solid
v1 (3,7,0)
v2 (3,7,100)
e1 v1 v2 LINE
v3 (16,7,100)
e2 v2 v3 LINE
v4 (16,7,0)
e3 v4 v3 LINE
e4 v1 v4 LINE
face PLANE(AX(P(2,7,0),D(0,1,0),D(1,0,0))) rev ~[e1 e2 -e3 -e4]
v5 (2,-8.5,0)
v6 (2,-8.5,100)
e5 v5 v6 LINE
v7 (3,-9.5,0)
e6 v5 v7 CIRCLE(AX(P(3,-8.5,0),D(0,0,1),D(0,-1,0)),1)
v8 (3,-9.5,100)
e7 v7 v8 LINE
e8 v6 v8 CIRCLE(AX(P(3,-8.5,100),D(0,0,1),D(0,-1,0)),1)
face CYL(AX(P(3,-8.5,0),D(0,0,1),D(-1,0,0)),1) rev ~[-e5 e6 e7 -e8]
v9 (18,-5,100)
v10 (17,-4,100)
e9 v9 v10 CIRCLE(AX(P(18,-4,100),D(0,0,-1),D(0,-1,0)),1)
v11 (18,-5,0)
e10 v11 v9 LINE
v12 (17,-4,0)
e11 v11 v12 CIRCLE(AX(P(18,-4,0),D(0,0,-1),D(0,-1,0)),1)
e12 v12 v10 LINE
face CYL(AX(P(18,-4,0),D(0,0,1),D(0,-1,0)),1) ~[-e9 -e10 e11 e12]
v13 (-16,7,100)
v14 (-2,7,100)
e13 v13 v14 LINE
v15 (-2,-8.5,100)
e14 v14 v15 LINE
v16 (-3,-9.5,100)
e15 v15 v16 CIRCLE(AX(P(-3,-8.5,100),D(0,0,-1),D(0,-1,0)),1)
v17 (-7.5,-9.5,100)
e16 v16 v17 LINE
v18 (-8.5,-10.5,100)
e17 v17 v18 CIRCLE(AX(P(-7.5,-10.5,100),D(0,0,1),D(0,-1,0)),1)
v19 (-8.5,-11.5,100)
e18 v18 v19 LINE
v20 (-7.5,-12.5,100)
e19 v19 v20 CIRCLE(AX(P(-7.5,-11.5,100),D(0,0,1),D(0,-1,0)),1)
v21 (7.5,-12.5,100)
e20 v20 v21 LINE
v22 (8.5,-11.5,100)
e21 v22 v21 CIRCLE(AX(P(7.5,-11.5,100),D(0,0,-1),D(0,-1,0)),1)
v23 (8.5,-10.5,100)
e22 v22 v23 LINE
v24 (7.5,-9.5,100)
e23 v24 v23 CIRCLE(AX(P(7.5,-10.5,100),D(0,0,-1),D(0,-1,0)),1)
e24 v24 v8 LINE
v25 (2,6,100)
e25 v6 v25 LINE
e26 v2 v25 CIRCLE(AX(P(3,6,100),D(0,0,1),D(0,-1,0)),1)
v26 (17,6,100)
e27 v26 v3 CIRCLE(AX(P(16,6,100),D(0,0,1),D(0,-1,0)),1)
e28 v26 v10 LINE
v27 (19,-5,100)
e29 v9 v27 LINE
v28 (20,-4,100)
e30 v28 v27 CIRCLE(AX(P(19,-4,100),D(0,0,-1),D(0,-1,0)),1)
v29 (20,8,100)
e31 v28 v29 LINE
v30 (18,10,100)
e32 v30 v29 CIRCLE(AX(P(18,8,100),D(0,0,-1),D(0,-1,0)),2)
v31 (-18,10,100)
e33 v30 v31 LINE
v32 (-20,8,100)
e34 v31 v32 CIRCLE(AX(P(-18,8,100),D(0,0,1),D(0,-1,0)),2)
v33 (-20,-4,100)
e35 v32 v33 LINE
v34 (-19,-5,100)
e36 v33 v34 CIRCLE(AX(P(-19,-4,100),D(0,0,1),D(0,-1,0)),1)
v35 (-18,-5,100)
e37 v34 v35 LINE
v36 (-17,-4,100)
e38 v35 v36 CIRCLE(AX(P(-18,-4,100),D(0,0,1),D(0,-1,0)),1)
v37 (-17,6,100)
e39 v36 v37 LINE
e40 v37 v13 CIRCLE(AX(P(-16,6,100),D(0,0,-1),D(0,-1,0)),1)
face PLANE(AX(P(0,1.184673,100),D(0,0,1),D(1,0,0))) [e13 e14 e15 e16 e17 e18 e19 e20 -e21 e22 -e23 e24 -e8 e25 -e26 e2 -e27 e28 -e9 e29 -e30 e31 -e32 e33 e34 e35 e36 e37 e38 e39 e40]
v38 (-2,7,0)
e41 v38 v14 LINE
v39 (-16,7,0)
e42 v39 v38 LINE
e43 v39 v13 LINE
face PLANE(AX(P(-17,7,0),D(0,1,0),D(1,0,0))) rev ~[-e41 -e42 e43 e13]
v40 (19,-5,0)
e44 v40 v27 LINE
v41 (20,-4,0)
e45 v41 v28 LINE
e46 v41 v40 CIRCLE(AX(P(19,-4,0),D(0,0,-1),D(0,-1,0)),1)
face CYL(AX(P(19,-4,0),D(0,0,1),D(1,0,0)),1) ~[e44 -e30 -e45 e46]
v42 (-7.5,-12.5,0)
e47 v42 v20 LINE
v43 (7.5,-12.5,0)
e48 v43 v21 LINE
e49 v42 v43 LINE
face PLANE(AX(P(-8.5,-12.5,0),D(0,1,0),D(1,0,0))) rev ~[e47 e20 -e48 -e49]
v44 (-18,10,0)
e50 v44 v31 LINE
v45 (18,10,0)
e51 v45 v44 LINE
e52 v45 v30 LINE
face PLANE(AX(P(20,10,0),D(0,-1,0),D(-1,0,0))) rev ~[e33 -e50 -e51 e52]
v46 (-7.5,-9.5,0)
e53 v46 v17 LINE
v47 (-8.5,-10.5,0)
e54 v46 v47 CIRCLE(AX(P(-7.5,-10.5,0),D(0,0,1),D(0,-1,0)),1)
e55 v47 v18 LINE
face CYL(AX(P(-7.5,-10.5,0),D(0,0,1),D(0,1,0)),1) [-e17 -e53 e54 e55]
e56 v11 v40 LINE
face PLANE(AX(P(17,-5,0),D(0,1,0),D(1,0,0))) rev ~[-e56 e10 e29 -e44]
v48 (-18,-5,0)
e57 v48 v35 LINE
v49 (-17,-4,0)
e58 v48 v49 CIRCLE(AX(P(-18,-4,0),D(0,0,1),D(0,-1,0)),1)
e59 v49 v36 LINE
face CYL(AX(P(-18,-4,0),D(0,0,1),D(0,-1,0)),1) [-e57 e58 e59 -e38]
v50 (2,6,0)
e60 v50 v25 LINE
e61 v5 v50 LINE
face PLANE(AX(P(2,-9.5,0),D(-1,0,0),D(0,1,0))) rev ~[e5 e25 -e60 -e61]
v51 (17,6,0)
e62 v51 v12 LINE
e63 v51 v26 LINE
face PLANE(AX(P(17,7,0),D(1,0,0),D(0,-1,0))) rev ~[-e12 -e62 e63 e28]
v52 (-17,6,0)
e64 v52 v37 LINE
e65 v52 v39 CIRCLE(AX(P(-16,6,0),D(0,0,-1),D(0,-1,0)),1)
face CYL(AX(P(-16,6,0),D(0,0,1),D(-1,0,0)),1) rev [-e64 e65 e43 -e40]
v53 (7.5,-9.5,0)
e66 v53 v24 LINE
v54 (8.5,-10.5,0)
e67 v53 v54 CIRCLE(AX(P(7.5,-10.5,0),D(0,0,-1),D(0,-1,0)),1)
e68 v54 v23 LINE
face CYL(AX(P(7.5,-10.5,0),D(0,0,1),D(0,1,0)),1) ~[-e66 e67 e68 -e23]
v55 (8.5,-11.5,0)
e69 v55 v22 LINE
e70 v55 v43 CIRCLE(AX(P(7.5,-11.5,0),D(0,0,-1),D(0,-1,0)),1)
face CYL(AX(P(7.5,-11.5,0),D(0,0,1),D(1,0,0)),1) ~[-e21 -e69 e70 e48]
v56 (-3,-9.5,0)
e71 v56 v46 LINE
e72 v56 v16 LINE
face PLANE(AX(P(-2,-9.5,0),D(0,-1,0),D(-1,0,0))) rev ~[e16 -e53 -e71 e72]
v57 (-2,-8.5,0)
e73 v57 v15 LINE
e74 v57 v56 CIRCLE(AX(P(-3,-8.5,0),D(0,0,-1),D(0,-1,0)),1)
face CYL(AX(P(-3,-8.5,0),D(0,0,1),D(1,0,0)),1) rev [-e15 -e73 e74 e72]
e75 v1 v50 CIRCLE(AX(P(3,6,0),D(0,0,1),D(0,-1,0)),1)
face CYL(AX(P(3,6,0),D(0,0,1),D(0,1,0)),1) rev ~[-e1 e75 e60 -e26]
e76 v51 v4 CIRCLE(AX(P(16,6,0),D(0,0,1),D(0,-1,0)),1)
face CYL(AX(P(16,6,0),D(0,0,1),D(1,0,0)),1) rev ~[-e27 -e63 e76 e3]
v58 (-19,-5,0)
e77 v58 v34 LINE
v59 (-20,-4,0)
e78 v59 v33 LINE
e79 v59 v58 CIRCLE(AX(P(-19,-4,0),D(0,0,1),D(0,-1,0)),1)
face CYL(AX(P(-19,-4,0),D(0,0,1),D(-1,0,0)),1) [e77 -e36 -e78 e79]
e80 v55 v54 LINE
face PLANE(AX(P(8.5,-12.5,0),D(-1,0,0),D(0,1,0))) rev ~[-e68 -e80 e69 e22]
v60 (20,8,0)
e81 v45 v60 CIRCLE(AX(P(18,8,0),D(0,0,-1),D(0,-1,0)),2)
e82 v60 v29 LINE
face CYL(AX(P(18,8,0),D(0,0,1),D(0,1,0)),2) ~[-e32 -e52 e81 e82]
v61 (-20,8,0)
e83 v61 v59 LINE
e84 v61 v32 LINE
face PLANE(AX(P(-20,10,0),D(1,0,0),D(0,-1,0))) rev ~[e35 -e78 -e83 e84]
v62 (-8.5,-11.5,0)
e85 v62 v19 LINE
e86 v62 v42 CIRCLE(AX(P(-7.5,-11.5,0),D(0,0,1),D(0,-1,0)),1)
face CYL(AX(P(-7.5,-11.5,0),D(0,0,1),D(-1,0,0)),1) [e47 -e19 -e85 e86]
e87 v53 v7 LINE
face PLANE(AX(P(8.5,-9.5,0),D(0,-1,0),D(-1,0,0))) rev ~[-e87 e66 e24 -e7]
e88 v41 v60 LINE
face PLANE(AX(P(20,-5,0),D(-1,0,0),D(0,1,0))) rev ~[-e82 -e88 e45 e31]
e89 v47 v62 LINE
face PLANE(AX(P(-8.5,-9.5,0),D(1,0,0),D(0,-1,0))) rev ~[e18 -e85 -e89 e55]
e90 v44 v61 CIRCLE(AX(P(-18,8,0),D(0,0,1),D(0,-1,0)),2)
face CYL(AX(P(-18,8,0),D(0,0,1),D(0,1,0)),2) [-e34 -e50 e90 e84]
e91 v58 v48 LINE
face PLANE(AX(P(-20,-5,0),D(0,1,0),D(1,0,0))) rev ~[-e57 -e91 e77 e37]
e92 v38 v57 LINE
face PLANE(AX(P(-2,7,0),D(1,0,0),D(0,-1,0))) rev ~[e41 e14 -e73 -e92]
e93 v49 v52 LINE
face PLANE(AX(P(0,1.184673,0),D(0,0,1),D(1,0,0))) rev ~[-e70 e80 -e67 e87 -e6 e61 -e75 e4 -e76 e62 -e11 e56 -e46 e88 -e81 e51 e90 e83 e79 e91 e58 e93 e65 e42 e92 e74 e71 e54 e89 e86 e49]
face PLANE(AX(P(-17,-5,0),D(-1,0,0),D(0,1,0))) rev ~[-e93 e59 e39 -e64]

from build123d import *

# Parameters (mm, degrees)
F1_DEPTH = 100
F2_R     = 2
F3_R     = 1


with BuildPart() as f1:
    # F0 (on Top) → F1 (new body)
    with BuildSketch(Plane.XY):
        Polygon((20, 10), (-20, 10), (-20, -5), (-17, -5), (-17, 7), (-2, 7), (-2, -9.5), (-8.5, -9.5), (-8.5, -12.5), (0, -12.5), (8.5, -12.5), (8.5, -9.5), (2, -9.5), (2, 7), (17, 7), (17, -5), (20, -5), align=None)
    extrude(amount=F1_DEPTH)

    # F2
    f2_edges = [f1.edges().sort_by_distance(p)[0] for p in [
        (-20, 10, 50),
        (20, 10, 50),
    ]]
    fillet(f2_edges, radius=F2_R)

    # F3
    f3_edges = [f1.edges().sort_by_distance(p)[0] for p in [
        (-17, -5, 50),
        (-20, -5, 50),
        (-17, 7, 50),
        (2, 7, 50),
        (8.5, -12.5, 50),
        (8.5, -9.5, 50),
        (-8.5, -12.5, 50),
        (-8.5, -9.5, 50),
        (-2, -9.5, 50),
        (2, -9.5, 50),
        (17, -5, 50),
        (20, -5, 50),
        (17, 7, 50),
    ]]
    fillet(f3_edges, radius=F3_R)


solid = f1.part
